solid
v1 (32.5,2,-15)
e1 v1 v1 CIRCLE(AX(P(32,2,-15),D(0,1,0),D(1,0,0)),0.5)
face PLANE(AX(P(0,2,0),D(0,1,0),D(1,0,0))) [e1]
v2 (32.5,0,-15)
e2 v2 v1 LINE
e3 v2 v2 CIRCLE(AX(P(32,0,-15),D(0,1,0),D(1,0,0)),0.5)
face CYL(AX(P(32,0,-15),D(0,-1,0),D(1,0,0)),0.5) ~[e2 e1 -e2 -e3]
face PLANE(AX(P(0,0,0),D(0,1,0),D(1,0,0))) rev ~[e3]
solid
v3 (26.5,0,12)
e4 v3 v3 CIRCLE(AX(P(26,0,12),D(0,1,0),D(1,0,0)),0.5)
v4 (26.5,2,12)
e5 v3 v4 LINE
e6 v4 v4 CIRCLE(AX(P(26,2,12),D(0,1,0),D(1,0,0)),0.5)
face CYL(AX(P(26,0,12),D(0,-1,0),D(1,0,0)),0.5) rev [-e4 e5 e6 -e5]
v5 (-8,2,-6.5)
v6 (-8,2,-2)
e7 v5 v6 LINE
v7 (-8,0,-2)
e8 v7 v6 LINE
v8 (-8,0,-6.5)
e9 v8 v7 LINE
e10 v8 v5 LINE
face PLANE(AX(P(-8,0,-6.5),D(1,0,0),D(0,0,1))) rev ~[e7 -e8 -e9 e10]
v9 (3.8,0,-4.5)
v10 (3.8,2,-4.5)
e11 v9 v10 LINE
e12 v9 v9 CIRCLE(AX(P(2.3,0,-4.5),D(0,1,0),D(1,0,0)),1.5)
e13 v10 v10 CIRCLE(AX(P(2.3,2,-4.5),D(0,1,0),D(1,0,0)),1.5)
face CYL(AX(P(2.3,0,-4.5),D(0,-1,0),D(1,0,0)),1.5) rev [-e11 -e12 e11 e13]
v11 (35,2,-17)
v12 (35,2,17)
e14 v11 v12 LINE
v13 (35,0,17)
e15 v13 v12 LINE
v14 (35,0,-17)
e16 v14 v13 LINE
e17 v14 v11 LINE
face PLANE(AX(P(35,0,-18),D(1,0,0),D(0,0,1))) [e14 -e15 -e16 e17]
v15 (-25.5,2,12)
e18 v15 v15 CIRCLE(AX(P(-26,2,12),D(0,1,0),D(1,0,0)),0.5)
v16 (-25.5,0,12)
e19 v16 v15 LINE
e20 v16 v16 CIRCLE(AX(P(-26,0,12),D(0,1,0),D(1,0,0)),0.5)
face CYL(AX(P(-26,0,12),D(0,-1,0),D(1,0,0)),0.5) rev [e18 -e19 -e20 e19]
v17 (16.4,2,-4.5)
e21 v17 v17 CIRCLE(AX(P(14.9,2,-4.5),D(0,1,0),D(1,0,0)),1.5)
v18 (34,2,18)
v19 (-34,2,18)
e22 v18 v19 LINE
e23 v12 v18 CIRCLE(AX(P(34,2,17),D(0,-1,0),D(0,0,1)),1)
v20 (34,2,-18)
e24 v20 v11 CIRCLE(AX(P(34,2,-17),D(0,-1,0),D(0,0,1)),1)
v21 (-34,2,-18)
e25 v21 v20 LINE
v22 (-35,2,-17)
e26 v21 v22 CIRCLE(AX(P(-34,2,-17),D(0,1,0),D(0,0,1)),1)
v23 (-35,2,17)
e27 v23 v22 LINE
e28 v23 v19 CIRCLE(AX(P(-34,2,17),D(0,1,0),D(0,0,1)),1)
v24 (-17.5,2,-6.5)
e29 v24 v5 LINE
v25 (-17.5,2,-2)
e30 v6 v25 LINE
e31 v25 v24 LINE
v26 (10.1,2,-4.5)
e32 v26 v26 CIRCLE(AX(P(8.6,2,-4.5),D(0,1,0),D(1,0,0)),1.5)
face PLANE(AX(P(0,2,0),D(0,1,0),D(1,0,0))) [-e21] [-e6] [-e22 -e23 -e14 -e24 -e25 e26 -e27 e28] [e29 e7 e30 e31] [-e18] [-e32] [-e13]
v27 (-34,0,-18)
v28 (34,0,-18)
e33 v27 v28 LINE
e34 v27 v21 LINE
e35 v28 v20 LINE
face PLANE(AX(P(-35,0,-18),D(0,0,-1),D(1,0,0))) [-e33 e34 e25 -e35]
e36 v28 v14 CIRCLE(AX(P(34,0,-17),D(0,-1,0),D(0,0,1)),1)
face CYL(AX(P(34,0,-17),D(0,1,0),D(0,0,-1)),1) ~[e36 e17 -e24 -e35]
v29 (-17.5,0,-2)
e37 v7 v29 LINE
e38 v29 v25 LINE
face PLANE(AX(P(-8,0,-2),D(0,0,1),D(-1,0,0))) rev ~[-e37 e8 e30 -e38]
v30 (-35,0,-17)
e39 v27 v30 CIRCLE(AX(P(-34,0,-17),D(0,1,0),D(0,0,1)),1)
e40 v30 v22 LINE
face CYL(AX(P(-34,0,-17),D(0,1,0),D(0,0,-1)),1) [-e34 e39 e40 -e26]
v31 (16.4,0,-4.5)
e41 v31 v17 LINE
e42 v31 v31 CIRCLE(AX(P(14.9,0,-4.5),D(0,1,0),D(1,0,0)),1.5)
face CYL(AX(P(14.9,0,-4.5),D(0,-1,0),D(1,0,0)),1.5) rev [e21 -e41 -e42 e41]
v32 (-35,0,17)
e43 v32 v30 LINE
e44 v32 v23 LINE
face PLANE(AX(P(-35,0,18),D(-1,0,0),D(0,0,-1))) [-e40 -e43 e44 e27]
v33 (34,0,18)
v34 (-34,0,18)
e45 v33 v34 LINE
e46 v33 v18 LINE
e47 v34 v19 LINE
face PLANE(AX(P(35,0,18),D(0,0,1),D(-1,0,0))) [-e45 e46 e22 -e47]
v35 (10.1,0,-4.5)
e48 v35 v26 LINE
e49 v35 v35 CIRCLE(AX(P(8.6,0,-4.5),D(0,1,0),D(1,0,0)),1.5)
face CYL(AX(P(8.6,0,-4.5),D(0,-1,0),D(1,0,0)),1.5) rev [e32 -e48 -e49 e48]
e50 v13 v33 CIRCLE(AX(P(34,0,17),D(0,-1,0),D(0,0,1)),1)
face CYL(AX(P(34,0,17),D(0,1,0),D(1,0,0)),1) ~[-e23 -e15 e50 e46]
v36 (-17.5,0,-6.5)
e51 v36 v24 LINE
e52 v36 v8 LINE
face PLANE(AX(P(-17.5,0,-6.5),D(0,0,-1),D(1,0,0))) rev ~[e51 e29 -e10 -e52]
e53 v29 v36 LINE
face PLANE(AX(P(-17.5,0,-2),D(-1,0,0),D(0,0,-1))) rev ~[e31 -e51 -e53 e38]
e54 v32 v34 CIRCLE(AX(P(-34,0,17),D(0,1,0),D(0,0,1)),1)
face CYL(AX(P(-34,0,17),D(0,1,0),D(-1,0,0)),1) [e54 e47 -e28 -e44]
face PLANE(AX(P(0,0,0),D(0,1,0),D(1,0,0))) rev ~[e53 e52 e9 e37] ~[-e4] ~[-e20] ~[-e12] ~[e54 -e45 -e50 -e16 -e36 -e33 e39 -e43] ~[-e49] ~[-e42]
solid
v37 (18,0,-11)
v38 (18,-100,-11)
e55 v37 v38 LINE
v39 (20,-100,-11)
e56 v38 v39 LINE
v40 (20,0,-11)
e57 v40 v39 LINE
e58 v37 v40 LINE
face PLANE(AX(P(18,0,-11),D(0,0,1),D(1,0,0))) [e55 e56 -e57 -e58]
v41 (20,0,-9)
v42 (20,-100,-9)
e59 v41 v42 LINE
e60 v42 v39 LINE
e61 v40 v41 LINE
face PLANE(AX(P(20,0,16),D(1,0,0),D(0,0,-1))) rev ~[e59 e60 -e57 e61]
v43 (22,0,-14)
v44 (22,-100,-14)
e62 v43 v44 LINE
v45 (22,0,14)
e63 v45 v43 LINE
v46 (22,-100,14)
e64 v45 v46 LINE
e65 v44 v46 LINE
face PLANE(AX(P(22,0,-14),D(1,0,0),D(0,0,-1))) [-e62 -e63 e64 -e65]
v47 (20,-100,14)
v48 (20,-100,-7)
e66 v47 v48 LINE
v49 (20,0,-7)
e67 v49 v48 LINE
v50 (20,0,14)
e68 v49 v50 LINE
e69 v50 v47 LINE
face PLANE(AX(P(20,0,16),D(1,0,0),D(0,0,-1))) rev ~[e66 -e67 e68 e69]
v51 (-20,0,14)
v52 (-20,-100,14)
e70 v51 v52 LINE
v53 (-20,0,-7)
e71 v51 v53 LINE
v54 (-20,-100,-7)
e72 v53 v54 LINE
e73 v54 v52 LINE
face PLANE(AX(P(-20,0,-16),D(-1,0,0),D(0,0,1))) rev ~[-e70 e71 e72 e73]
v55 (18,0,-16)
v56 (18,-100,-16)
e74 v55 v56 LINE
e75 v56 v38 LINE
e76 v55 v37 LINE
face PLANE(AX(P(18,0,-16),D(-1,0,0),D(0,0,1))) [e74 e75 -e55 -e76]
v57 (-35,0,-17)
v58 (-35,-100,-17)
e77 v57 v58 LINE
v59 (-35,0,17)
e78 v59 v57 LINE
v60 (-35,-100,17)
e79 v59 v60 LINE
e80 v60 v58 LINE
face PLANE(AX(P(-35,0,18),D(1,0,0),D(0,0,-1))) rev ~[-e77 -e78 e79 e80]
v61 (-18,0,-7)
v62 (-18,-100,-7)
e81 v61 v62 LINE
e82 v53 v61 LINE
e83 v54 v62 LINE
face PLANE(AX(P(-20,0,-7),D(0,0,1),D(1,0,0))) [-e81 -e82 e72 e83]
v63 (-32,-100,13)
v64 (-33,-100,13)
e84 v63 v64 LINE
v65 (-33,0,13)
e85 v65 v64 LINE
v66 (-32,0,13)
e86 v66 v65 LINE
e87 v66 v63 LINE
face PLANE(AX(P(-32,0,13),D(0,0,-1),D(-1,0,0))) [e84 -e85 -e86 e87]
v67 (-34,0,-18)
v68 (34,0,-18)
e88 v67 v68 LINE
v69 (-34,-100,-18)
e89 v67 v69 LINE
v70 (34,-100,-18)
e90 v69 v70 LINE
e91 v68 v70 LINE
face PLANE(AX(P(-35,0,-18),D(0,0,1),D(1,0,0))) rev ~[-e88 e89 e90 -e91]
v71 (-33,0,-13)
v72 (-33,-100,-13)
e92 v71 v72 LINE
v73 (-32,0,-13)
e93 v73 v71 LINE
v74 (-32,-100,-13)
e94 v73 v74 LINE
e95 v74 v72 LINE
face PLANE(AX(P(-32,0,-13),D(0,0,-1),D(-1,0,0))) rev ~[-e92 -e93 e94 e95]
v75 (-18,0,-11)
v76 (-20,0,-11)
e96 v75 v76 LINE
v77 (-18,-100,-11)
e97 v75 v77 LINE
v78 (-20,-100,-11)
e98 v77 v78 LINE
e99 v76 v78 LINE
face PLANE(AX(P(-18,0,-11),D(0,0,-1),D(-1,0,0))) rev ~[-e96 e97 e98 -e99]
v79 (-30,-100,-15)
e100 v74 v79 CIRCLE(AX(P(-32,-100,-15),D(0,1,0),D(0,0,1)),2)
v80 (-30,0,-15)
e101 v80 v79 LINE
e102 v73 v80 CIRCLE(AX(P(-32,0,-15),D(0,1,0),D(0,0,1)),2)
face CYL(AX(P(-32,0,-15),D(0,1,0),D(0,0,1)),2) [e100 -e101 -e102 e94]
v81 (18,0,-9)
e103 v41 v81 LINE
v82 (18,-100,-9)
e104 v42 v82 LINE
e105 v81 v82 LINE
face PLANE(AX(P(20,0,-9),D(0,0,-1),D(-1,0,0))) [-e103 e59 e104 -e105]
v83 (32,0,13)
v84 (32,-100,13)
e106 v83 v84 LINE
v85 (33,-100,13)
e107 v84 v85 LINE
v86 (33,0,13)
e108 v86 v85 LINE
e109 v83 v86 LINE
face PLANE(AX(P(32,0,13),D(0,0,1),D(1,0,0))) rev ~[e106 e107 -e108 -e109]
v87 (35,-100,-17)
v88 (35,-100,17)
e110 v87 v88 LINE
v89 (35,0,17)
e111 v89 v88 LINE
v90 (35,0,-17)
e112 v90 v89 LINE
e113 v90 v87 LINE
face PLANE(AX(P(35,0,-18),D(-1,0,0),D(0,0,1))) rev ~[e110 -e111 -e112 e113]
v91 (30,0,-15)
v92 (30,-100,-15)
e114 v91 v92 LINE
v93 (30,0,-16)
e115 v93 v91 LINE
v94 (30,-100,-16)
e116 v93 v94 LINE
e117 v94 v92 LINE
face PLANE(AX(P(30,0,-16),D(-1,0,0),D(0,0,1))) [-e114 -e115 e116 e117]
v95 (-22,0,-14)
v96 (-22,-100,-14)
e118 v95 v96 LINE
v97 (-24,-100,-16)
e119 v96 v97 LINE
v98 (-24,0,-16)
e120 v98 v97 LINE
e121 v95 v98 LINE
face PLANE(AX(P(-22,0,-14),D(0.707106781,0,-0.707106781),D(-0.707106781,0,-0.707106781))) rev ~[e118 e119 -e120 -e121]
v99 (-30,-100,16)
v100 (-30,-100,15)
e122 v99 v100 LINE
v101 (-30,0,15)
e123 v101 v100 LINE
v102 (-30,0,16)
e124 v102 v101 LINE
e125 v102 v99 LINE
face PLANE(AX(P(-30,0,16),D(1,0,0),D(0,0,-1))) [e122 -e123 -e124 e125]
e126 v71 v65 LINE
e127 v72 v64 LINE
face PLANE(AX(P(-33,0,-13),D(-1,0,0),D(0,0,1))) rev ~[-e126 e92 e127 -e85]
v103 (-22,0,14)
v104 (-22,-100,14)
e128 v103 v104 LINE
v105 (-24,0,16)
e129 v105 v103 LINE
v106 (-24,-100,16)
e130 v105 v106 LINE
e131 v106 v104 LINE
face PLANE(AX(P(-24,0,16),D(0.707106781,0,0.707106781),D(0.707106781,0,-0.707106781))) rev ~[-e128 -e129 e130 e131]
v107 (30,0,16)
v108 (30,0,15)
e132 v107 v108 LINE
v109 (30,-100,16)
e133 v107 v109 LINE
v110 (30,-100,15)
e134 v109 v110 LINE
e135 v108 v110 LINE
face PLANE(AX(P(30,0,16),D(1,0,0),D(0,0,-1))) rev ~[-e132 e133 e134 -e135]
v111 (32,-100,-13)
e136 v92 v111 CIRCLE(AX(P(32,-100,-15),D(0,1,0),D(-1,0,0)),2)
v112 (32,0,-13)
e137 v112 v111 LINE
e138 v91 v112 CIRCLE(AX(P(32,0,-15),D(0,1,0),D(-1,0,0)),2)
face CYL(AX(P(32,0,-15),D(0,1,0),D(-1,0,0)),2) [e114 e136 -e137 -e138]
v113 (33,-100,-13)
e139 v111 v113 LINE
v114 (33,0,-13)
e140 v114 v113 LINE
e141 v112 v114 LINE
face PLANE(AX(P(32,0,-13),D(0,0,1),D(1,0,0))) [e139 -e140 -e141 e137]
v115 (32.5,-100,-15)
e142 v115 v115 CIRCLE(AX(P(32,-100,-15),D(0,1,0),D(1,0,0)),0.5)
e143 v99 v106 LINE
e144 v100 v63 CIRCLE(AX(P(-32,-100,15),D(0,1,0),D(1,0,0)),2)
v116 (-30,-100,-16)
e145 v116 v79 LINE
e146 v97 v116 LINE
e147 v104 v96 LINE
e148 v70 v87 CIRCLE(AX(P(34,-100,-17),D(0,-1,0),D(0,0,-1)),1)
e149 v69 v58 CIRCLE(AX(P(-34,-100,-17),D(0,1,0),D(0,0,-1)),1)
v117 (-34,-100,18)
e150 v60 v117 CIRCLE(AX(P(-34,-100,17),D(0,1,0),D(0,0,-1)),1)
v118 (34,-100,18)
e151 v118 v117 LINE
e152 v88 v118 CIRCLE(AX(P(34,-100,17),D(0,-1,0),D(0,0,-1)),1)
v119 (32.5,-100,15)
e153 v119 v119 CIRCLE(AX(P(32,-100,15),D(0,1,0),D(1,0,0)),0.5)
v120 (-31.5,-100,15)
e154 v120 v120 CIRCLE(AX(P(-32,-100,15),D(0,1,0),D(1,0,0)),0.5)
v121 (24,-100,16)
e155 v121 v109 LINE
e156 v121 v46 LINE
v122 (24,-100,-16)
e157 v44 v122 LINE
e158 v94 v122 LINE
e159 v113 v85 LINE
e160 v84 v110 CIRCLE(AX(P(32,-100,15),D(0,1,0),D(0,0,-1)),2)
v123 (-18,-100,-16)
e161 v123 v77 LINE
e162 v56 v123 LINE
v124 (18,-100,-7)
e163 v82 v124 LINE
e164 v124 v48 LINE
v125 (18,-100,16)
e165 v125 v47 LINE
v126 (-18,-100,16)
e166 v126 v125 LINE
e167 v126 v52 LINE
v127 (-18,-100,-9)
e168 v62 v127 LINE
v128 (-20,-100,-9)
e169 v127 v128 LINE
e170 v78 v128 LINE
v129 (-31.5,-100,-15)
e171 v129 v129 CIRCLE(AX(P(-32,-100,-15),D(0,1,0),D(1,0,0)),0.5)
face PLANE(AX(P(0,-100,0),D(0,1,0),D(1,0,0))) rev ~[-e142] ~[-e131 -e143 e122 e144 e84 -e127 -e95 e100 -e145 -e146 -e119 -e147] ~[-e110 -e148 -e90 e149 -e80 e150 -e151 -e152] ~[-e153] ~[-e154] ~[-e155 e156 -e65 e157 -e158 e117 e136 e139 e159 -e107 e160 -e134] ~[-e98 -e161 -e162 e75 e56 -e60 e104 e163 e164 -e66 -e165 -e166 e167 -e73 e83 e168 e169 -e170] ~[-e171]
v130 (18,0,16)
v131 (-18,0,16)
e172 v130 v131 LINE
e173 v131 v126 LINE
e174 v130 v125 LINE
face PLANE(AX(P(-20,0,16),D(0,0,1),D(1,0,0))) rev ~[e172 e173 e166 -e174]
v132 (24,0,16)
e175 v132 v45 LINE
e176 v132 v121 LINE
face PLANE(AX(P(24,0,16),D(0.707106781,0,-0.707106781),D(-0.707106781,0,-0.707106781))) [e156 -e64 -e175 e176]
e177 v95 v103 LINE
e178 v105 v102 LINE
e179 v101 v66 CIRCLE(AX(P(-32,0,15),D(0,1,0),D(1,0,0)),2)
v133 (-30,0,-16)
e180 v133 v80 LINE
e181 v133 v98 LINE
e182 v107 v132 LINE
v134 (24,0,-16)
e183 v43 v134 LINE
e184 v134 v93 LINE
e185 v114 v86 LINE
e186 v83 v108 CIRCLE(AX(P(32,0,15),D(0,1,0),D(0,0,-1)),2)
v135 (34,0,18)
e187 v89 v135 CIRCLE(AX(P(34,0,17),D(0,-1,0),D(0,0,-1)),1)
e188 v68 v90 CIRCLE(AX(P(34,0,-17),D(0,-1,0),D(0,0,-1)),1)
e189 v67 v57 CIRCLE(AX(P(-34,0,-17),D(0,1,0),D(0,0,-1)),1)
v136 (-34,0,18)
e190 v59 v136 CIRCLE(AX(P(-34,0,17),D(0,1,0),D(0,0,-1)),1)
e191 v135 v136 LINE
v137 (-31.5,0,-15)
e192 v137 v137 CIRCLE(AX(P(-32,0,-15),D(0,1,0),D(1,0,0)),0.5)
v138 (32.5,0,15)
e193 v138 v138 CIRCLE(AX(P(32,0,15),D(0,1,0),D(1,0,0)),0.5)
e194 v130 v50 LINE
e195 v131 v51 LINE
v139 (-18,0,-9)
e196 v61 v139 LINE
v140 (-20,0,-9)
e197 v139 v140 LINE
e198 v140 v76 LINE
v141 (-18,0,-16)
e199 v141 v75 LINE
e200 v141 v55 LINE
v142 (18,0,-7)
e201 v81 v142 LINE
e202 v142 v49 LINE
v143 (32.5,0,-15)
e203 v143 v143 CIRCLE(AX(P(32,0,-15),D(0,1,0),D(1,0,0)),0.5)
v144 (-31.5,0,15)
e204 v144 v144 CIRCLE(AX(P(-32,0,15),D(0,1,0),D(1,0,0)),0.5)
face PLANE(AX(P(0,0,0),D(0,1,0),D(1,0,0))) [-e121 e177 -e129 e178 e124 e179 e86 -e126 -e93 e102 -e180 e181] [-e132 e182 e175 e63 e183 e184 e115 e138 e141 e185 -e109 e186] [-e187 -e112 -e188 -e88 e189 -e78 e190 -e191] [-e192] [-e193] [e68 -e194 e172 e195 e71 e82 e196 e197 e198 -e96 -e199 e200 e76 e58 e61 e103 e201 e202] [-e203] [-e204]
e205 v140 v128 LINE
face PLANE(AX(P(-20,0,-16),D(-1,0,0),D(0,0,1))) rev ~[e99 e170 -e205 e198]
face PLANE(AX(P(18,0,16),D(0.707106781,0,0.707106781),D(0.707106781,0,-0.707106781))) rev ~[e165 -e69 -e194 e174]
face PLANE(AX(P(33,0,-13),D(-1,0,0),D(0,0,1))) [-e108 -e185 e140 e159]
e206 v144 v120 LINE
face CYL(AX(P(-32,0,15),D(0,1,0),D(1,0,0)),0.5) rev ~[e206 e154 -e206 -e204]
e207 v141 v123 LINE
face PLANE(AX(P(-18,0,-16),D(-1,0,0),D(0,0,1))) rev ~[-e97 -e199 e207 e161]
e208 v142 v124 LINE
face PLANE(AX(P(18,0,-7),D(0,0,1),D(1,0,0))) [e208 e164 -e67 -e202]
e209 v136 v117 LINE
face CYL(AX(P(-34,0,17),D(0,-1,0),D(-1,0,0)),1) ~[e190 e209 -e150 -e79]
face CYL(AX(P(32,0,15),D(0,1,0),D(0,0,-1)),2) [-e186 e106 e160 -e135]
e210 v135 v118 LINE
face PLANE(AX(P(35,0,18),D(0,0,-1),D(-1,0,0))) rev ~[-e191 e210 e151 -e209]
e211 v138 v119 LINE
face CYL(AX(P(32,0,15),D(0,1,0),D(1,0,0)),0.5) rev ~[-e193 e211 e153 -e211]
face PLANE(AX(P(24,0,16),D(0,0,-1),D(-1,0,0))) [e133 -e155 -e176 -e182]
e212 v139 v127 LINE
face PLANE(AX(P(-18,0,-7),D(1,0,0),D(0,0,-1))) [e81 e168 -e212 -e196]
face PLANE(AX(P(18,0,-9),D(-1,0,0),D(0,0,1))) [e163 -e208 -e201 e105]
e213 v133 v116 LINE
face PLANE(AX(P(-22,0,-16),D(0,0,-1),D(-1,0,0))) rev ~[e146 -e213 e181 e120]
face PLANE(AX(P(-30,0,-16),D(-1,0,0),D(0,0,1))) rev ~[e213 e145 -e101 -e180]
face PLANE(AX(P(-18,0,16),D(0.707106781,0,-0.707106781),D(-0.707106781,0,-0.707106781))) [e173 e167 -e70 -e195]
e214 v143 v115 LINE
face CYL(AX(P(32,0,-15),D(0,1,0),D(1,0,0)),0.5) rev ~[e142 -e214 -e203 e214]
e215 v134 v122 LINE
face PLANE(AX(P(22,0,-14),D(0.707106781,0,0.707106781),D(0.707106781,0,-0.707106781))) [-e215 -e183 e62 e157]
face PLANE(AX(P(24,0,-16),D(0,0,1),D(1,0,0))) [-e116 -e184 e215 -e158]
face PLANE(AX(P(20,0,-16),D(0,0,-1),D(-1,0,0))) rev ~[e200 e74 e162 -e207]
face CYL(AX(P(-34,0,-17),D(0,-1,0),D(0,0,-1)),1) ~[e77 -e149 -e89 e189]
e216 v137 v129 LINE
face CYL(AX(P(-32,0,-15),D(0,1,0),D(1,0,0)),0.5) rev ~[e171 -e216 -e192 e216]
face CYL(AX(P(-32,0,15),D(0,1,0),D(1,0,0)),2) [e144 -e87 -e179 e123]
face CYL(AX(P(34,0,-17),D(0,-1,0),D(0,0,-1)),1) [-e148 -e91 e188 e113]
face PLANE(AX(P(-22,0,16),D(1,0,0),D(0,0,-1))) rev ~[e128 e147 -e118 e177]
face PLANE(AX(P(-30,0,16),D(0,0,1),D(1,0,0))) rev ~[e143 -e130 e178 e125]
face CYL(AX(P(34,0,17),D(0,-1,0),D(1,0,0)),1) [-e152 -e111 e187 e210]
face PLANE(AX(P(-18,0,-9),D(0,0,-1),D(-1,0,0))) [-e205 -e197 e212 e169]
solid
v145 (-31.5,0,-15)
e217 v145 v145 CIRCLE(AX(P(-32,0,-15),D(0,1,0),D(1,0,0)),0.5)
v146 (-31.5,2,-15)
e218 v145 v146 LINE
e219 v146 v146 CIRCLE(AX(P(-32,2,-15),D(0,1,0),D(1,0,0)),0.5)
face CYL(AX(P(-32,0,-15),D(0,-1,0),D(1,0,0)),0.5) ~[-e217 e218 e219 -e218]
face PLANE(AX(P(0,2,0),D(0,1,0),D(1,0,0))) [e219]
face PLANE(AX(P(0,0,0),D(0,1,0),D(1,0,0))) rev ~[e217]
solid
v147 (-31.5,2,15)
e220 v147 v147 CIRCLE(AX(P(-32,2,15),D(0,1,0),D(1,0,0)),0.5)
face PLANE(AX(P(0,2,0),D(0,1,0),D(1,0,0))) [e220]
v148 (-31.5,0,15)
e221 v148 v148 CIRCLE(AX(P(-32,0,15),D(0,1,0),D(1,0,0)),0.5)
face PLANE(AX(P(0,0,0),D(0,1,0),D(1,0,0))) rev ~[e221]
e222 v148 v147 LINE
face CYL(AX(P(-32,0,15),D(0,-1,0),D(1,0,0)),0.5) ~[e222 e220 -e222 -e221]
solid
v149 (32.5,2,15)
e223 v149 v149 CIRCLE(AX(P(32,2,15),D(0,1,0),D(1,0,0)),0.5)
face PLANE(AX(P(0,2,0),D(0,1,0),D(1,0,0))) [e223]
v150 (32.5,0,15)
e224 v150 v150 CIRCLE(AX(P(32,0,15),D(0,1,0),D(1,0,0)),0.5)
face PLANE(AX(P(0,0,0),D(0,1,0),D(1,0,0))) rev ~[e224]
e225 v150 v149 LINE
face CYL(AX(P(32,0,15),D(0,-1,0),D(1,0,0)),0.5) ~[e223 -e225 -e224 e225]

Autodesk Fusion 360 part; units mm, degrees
sketch "Esquisse1" plane through (0, 0, 0) normal (0, 1, 0) x (1, 0, 0)
  line L0 (-35, 18) -> (35, 18)
  line L1 (35, 18) -> (35, -18)
  line L2 (35, -18) -> (-35, -18)
  line L3 (-35, -18) -> (-35, 18)
  line L4 (-33, -16) -> (-22, -16)
  line L5 (-22, -16) -> (-22, 16)
  line L6 (-22, 16) -> (-33, 16)
  line L7 (-33, 16) -> (-33, -16)
  line L8 (33, -16) -> (22, -16)
  line L9 (22, -16) -> (22, 16)
  line L10 (22, 16) -> (33, 16)
  line L11 (33, 16) -> (33, -16)
  line L12 (-20, -16) -> (20, -16)
  line L13 (20, -16) -> (20, 16)
  line L14 (20, 16) -> (-20, 16)
  line L15 (-20, 16) -> (-20, -16)
  line L16 (32, -13) -> (33, -13)
  line L17 (33, -13) -> (33, -16)
  line L18 (33, -16) -> (30, -16)
  line L19 (30, -16) -> (30, -15)
  line L20 (32, 13) -> (33, 13)
  line L21 (33, 13) -> (33, 16)
  line L22 (33, 16) -> (30, 16)
  line L23 (30, 16) -> (30, 15)
  circle A0 centre (26, -12) radius 3
  arc A1 (32, -13) -> (30, -15) centre (32, -15) ccw
  arc A2 (30, 15) -> (32, 13) centre (32, 15) ccw
  line L24 (24, -16) -> (22, -14)
  line L25 (22, 14) -> (24, 16)
  line L26 (18, -16) -> (20, -14)
  line L27 (-18, -16) -> (-20, -14)
  line L28 (-22, 14) -> (-24, 16)
  line L29 (-24, -16) -> (-22, -14)
  line L30 (-33, -16) -> (-30, -16)
  line L31 (-30, -16) -> (-30, -15)
  line L32 (-32, -13) -> (-33, -13)
  line L33 (-33, -13) -> (-33, -16)
  line L34 (-32, 13) -> (-33, 13)
  line L35 (-33, 13) -> (-33, 16)
  line L36 (-33, 16) -> (-30, 16)
  line L37 (-30, 16) -> (-30, 15)
  arc A3 (-30, -15) -> (-32, -13) centre (-32, -15) ccw
  arc A4 (-32, 13) -> (-30, 15) centre (-32, 15) ccw
  circle A5 centre (-26, -12) radius 3
  line L38 (-20, 16) -> (-18, 16)
  line L39 (-18, 16) -> (-18, 11)
  line L40 (-18, 11) -> (-20, 11)
  line L41 (-20, 11) -> (-20, 16)
  line L42 (18, 11) -> (20, 11)
  line L43 (20, 11) -> (20, 16)
  line L44 (20, 16) -> (18, 16)
  line L45 (18, 16) -> (18, 11)
  line L46 (20, 9) -> (18, 9)
  line L47 (18, 9) -> (18, 7)
  line L48 (18, 7) -> (20, 7)
  line L49 (20, 7) -> (20, 9)
  line L50 (-18, 9) -> (-20, 9)
  line L51 (-20, 9) -> (-20, 7)
  line L52 (-20, 7) -> (-18, 7)
  line L53 (-18, 7) -> (-18, 9)
  line L54 (-17.5, 6.5) -> (-8, 6.5)
  line L55 (-8, 6.5) -> (-8, 2)
  line L56 (-8, 2) -> (-17.5, 2)
  line L57 (-17.5, 2) -> (-17.5, 6.5)
  line L58 (20, 5) -> (20, 6.5)
  circle A6 centre (14.9, 4.5) radius 1.5
  circle A7 centre (8.6, 4.5) radius 1.5
  circle A8 centre (2.3, 4.5) radius 1.5
  circle A9 centre (-32, -15) radius 0.5
  circle A10 centre (-32, 15) radius 0.5
  circle A11 centre (32, -15) radius 0.5
  circle A12 centre (32, 15) radius 0.5
  circle A13 centre (-26, -12) radius 0.5
  circle A14 centre (26, -12) radius 0.5
extrude "Extrusion2" add sketch "Esquisse1" along normal blind 2 contours L0 L1 L2 L3 | L4 L7 L30 L31 L32 L33 A3 | L4 L5 L6 L7 L28 L29 L31 L32 L34 L37 A3 A4 | L4 L5 L29 | L6 L7 L34 L35 L36 L37 A4 | L5 L6 L28 | L8 L11 L16 L17 L18 L19 A1 | L8 L9 L10 L11 L16 L19 L20 L23 A1 A2 L24 L25 | L8 L9 L24 | L10 L11 L20 L21 L22 L23 A2 | L9 L10 L25 | L12 L15 L27 | L12 L13 L14 L15 L26 L27 L39 L40 L42 L45 L46 L47 L48 L50 L52 L53 L58 | L12 L13 L26 | L15 L50 L51 L52 L53 | L14 L15 L38 L39 L40 L41 | L13 L46 L47 L48 L49 | L13 L14 L42 L43 L44 L45 | A0 | A5 | A9 | A10 | A11 | A12 makes body 1
extrude "Extrusion3" add sketch "Esquisse1" against normal blind 100 separate body contours L0 L1 L2 L3 | L4 L7 L30 L31 L32 L33 A3 | L6 L7 L34 L35 L36 L37 A4 | L8 L11 L16 L17 L18 L19 A1 | L10 L11 L20 L21 L22 L23 A2 makes body 2
extrude "Extrusion4" add sketch "Esquisse1" against normal blind 100 contours L4 L5 L29 | L5 L6 L28 | L8 L9 L24 | L9 L10 L25 | L12 L15 L27 | L12 L13 L26 bodies 2
extrude "Extrusion5" add sketch "Esquisse1" against normal blind 100 contours L15 L50 L51 L52 L53 | L14 L15 L38 L39 L40 L41 | L13 L46 L47 L48 L49 | L13 L14 L42 L43 L44 L45 bodies 2
extrude "Extrusion6" add sketch "Esquisse1" along normal blind 2 separate body contours A9 makes body 3
extrude "Extrusion7" add sketch "Esquisse1" along normal blind 2 separate body contours A11 makes body 4
extrude "Extrusion8" add sketch "Esquisse1" along normal blind 2 separate body contours A12 makes body 5
extrude "Extrusion9" add sketch "Esquisse1" along normal blind 2 separate body contours A10 makes body 6
fillet "Congé1" radius 1 4 edges at (-35, 1, 18) (-35, 1, -18) (35, 1, -18) (35, 1, 18) on bodies 1
fillet "Congé2" radius 1 4 edges at (35, -50, 18) (35, -50, -18) (-35, -50, 18) (-35, -50, -18) on bodies 2
